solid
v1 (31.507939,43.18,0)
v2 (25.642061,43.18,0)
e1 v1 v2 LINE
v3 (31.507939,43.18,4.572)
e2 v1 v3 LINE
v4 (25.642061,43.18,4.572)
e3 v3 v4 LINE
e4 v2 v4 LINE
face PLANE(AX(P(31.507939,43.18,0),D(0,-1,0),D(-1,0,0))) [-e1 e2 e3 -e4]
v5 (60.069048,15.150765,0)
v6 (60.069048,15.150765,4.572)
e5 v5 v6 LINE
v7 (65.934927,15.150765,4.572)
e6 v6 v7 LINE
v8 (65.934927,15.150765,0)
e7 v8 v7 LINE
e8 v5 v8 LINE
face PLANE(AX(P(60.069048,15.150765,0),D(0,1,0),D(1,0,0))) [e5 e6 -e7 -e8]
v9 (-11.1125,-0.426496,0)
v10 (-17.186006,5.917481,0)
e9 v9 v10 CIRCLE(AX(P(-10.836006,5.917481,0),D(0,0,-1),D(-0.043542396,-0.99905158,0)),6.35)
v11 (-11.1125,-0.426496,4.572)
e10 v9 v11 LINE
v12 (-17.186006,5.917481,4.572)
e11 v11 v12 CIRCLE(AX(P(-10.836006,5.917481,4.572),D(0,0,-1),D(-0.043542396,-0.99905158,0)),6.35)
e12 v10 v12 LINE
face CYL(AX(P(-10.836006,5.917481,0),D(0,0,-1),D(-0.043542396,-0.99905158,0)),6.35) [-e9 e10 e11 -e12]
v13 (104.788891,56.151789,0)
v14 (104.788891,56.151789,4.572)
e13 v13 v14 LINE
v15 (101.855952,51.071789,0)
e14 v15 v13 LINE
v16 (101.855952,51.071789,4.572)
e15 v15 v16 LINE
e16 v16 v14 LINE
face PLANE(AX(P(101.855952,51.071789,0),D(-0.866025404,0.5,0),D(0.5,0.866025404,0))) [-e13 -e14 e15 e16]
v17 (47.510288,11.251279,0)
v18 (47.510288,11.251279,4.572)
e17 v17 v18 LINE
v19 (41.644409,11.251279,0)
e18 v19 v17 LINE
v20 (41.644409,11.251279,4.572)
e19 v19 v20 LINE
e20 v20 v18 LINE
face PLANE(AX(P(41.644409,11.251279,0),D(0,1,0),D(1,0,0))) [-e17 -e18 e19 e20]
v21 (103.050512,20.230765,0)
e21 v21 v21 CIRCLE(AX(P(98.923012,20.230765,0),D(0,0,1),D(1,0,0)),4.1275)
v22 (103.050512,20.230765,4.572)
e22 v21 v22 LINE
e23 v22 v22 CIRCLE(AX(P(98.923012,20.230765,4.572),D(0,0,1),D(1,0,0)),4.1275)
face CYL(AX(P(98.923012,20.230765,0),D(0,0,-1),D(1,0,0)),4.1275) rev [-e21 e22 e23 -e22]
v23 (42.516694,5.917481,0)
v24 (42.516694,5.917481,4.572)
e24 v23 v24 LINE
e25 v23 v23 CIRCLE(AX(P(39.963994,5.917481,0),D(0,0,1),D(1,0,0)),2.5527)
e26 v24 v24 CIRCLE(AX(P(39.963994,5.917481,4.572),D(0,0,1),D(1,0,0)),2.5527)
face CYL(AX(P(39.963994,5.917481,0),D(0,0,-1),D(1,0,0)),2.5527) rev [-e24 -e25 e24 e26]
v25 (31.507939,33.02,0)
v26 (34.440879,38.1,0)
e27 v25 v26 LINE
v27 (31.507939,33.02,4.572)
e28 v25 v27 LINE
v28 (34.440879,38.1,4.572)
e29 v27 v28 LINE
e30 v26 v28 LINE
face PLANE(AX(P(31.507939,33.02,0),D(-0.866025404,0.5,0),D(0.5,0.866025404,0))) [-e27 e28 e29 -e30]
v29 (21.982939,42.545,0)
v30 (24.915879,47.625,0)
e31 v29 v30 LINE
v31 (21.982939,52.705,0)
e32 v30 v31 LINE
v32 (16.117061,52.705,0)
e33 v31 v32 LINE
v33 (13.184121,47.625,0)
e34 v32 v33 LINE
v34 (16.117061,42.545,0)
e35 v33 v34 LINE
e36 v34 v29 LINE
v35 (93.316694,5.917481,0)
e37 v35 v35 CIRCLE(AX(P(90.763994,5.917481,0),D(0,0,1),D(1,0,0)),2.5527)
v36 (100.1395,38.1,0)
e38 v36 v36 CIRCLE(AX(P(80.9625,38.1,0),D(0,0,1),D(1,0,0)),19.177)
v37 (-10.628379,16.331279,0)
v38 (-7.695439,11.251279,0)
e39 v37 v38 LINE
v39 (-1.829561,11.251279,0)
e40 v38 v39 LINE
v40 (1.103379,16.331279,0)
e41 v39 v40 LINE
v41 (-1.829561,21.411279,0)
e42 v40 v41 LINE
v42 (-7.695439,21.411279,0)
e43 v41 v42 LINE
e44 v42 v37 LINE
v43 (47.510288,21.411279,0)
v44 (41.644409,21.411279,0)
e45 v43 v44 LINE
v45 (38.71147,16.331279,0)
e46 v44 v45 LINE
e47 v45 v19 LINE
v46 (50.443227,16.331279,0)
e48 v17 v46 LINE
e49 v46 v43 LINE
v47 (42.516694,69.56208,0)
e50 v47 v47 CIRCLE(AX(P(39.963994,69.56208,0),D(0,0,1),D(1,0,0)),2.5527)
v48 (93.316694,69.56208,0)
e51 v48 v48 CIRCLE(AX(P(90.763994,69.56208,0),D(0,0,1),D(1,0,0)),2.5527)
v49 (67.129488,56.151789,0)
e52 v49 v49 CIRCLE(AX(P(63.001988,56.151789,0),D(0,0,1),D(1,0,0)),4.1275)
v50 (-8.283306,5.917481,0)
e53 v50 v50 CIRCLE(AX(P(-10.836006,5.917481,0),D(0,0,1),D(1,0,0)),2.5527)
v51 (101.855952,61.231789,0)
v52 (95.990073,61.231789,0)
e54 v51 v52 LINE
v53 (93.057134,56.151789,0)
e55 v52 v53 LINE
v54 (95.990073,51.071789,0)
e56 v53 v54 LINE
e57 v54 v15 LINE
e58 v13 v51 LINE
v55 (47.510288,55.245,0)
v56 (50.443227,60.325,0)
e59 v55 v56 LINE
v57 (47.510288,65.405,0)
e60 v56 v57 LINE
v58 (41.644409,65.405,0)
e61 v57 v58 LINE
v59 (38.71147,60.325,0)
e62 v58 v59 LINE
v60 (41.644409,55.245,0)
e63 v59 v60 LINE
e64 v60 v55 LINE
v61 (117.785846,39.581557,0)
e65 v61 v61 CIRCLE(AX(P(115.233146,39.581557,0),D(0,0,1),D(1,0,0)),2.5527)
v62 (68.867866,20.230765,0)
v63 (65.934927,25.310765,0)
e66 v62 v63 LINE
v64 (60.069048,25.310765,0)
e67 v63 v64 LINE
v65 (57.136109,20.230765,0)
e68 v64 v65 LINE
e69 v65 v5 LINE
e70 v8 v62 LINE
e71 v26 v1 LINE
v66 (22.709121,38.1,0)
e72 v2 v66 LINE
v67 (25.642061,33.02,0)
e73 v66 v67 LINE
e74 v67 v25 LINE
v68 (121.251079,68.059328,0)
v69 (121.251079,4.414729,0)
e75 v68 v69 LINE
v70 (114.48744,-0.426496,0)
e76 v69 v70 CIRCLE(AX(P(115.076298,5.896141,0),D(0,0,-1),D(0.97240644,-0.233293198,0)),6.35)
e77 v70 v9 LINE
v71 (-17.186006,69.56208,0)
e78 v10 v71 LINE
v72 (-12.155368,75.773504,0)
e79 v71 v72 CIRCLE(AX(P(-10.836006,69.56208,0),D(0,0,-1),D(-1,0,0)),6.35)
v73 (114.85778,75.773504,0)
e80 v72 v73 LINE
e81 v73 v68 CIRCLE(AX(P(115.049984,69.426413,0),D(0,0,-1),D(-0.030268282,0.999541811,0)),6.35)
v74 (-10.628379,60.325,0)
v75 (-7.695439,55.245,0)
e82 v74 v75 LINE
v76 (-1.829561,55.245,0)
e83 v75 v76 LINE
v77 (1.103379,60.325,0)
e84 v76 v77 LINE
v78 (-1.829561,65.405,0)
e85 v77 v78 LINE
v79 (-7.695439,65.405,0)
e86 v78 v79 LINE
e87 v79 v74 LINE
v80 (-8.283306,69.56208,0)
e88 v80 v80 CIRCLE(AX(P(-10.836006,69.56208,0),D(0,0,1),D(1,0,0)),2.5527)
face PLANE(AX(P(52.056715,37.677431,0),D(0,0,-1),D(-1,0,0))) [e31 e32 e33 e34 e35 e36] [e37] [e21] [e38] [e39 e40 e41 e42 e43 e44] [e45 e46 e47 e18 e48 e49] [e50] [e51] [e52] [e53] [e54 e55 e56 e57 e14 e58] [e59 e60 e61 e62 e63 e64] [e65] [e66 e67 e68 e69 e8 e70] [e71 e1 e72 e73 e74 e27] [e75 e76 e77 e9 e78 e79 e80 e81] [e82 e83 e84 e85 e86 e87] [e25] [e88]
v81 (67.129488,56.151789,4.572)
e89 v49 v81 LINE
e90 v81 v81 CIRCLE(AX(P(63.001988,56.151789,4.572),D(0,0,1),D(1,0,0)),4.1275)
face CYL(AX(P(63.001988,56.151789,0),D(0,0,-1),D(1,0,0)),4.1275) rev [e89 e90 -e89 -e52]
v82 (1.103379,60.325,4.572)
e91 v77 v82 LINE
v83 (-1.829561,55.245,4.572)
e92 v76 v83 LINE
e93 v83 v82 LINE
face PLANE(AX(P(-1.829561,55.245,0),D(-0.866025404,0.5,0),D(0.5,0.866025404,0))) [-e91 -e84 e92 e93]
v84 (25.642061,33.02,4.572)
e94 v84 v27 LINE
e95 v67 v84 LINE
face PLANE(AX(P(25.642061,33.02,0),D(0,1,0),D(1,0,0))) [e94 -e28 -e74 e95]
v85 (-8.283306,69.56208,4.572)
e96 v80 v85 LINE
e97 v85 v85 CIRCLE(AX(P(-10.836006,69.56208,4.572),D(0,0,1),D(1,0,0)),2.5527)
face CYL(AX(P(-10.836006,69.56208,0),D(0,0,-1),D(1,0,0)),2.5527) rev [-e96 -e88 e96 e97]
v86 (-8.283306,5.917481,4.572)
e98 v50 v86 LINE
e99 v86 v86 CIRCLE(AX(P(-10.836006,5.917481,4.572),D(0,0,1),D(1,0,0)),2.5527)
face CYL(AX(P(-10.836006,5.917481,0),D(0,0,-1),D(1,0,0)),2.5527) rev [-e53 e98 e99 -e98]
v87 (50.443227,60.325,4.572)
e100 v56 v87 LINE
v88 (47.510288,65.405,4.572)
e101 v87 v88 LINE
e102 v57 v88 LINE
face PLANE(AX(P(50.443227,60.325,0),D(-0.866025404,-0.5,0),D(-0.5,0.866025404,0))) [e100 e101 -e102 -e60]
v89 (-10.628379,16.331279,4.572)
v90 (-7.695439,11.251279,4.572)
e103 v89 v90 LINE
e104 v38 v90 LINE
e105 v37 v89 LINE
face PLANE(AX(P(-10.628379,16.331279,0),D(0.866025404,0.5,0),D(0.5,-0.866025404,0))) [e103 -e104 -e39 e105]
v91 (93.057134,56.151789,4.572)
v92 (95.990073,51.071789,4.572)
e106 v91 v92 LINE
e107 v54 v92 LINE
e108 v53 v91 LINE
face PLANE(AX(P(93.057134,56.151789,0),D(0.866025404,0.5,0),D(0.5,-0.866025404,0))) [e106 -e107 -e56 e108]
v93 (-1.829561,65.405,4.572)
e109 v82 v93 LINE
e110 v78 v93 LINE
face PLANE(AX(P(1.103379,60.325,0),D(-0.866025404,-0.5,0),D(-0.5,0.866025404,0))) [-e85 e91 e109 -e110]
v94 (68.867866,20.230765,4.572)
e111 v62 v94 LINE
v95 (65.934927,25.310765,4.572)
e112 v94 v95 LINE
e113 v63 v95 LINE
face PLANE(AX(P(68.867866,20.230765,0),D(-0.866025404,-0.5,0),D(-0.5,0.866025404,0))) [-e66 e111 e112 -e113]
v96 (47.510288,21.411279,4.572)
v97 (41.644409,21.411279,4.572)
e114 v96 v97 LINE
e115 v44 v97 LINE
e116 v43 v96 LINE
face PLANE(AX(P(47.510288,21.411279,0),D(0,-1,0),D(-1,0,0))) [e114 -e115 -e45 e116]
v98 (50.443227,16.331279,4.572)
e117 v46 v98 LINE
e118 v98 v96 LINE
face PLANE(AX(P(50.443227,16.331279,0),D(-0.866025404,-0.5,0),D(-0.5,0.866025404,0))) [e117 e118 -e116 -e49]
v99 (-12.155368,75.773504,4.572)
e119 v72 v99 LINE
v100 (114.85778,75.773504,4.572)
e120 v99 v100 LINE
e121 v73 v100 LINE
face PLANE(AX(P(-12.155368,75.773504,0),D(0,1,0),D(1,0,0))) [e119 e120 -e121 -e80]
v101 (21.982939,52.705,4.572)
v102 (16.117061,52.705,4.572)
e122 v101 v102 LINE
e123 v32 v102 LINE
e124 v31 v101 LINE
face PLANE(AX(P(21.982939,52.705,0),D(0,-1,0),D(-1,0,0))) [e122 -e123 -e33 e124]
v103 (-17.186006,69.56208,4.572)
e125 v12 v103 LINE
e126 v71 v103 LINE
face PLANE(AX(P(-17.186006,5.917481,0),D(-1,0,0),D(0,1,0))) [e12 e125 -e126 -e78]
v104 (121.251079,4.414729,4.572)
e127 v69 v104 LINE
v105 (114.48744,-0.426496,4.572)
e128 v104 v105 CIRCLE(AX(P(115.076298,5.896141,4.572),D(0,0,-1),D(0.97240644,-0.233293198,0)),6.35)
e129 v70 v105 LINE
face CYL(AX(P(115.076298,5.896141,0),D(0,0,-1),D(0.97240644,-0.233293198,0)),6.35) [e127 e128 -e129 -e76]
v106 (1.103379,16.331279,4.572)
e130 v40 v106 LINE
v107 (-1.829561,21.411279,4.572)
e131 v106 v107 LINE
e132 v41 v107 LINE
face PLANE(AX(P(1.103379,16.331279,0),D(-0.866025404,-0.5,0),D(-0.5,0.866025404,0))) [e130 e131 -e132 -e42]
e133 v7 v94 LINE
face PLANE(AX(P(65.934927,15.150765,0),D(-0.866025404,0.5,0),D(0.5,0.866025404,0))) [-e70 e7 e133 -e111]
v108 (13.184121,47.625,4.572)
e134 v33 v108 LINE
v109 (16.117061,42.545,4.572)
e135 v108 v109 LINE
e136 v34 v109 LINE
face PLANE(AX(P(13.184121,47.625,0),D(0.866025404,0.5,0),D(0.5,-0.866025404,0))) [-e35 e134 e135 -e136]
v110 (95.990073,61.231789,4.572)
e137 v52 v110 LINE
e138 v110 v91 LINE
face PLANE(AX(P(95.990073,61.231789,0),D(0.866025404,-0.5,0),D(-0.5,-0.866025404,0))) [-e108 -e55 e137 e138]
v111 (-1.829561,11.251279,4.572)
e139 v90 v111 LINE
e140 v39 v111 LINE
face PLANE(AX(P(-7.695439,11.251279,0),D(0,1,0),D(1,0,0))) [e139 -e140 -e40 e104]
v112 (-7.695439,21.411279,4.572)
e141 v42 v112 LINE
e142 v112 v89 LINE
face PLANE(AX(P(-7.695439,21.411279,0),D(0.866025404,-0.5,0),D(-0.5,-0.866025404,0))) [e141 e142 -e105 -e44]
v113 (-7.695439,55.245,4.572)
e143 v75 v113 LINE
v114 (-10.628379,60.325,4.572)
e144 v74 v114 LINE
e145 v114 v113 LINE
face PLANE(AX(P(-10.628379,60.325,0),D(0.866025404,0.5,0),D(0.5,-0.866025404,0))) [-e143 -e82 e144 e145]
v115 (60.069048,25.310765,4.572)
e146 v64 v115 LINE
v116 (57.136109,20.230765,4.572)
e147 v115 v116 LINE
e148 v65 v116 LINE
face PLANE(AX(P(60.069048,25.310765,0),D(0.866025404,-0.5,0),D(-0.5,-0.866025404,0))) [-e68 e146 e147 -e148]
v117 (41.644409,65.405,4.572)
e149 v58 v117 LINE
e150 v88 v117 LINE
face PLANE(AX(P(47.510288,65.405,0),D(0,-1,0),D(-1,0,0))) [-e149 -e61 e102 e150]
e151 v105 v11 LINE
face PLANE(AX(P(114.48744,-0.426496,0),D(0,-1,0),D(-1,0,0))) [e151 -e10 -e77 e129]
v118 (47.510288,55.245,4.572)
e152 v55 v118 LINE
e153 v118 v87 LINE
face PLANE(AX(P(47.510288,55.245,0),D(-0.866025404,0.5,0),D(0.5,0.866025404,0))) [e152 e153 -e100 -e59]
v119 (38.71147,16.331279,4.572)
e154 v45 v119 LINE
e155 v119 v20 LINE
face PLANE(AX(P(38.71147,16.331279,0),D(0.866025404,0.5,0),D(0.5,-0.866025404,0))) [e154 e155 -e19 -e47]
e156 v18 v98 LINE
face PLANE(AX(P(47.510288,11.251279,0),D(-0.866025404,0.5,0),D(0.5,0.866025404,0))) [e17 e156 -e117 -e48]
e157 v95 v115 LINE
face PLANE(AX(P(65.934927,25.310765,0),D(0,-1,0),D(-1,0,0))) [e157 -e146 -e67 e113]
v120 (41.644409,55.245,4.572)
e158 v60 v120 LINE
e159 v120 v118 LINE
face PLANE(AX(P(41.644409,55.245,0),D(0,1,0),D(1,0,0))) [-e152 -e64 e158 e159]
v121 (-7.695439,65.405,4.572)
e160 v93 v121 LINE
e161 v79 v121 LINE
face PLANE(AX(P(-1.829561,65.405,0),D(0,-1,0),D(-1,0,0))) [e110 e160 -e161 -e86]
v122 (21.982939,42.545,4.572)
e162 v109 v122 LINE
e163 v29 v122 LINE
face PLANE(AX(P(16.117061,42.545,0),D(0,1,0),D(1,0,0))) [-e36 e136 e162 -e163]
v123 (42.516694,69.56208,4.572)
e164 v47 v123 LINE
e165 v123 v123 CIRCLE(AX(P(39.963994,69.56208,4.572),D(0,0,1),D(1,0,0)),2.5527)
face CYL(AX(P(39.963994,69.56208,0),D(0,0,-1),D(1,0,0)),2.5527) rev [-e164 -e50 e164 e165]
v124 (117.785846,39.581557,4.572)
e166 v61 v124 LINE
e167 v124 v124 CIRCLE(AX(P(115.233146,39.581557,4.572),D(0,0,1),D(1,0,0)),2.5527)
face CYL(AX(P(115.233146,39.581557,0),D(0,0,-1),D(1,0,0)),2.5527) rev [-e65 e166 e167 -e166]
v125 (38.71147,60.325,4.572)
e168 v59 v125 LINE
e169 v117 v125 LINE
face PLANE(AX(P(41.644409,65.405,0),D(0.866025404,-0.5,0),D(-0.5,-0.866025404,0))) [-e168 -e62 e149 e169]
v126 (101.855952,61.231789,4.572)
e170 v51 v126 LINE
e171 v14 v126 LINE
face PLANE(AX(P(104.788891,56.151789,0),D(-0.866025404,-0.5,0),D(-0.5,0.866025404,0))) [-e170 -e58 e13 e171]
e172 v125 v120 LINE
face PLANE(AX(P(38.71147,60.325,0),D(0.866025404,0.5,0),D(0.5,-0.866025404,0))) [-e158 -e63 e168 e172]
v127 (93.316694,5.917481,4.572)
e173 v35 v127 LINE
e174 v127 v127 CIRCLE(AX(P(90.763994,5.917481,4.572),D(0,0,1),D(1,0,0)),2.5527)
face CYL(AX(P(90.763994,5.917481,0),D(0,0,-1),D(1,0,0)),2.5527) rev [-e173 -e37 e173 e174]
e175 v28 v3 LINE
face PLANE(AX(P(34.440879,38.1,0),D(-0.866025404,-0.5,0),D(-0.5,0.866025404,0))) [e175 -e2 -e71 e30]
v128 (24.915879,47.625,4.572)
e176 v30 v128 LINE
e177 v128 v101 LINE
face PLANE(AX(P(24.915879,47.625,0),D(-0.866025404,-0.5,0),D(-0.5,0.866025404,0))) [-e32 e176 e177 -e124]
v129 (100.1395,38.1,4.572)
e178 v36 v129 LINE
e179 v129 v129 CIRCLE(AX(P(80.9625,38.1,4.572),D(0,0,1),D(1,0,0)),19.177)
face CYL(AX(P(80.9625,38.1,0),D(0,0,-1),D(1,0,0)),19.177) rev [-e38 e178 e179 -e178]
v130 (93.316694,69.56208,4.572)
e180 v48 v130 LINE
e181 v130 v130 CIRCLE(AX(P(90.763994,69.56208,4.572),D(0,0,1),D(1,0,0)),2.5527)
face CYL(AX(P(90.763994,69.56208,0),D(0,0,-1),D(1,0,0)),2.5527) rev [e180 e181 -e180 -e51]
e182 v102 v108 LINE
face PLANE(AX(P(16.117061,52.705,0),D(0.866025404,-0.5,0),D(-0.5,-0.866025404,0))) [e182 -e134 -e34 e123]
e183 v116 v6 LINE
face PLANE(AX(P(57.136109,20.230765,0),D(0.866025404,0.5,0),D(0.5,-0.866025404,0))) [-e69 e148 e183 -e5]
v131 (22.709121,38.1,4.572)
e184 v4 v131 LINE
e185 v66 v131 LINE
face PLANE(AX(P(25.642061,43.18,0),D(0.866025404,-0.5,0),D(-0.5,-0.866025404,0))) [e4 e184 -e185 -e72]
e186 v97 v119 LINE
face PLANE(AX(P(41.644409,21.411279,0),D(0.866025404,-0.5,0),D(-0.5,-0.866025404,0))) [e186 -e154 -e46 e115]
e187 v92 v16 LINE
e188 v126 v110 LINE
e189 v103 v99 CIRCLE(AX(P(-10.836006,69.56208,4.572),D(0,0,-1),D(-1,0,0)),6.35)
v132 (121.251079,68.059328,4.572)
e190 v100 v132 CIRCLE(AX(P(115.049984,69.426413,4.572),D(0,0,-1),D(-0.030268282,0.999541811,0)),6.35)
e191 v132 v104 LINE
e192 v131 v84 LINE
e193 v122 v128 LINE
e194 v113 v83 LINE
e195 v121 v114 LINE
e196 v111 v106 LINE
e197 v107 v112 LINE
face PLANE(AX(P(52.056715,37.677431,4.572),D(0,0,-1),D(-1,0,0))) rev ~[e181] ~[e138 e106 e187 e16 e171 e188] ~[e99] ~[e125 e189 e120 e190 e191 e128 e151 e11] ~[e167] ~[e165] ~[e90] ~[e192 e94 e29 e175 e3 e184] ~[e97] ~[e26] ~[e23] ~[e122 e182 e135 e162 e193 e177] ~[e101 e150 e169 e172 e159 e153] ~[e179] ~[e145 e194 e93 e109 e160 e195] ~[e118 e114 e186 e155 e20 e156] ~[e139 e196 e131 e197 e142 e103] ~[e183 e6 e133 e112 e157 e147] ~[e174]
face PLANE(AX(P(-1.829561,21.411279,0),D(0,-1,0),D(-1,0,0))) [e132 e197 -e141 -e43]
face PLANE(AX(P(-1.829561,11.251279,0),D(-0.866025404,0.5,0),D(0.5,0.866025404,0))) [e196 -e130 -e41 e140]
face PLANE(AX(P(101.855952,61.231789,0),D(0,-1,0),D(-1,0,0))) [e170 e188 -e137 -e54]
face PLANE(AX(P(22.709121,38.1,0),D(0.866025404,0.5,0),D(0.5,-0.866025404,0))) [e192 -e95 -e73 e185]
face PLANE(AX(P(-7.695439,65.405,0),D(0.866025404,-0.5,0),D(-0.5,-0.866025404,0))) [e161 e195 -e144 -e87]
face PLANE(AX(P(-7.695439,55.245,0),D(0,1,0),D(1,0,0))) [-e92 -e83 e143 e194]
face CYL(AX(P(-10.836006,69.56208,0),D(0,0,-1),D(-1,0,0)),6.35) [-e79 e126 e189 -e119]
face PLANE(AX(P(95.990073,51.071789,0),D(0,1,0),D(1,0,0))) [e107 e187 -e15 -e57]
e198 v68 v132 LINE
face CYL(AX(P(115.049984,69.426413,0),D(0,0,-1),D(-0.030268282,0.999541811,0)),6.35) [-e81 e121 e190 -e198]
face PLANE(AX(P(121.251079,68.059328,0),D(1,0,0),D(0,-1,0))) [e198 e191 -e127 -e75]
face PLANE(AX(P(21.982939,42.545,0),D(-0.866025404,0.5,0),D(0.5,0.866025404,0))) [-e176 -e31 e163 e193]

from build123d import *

# Parameters (mm, degrees)
SKETCH1_R           = 2.5527
SKETCH1_R_2         = 4.1275
SKETCH1_R_3         = 19.177
BOSS_EXTRUDE1_DEPTH = 4.572


with BuildPart() as part:
    # Sketch1 → Boss-Extrude1 (new body)
    with BuildSketch(Plane.XY):
        with BuildLine():
            Line((-17.186005785, 5.917481167), (-17.186005785, 69.562080021))
            ThreePointArc((-17.186005785, 69.562080021), (-15.770600509, 73.558612882), (-12.155368019, 75.773503633))
            Line((-12.155368019, 75.773503633), (114.857780393, 75.773503633))
            ThreePointArc((114.857780393, 75.773503633), (119.939137204, 73.478410267), (121.251078966, 68.059328295))
            Line((121.251078966, 68.059328295), (121.251078966, 4.414729441))
            ThreePointArc((121.251078966, 4.414729441), (118.772241914, 0.732566989), (114.487440215, -0.426496367))
            Line((114.487440215, -0.426496367), (-11.1125, -0.426496367))
            ThreePointArc((-11.1125, -0.426496367), (-15.422847741, 1.526196519), (-17.186005785, 5.917481167))
        make_face()
        with Locations((90.763994215, 5.917481167)):
            Circle(SKETCH1_R, mode=Mode.SUBTRACT)
        with Locations((90.763994215, 69.562080021)):
            Circle(SKETCH1_R, mode=Mode.SUBTRACT)
        with Locations((-10.836005785, 69.562080021)):
            Circle(SKETCH1_R, mode=Mode.SUBTRACT)
        with Locations((39.963994215, 69.562080021)):
            Circle(SKETCH1_R, mode=Mode.SUBTRACT)
        with Locations((-10.836005785, 5.917481167)):
            Circle(SKETCH1_R, mode=Mode.SUBTRACT)
        with Locations((39.963994215, 5.917481167)):
            Circle(SKETCH1_R, mode=Mode.SUBTRACT)
        with Locations((63.001987758, 56.151789166)):
            Circle(SKETCH1_R_2, mode=Mode.SUBTRACT)
        with Locations((115.233146458, 39.581556975)):
            Circle(SKETCH1_R, mode=Mode.SUBTRACT)
        with Locations((98.923012242, 20.230764682)):
            Circle(SKETCH1_R_2, mode=Mode.SUBTRACT)
        with Locations((80.9625, 38.1)):
            Circle(SKETCH1_R_3, mode=Mode.SUBTRACT)
        Polygon((1.103378735, 60.325), (-1.829560633, 65.405), (-7.695439367, 65.405), (-10.628378735, 60.325), (-7.695439367, 55.245), (-1.829560633, 55.245), align=None, mode=Mode.SUBTRACT)
        Polygon((50.443227049, 60.325), (47.510287682, 65.405), (41.644408947, 65.405), (38.71146958, 60.325), (41.644408947, 55.245), (47.510287682, 55.245), align=None, mode=Mode.SUBTRACT)
        Polygon((1.103378735, 16.331279268), (-1.829560633, 21.411279268), (-7.695439367, 21.411279268), (-10.628378735, 16.331279268), (-7.695439367, 11.251279268), (-1.829560633, 11.251279268), align=None, mode=Mode.SUBTRACT)
        Polygon((50.443227049, 16.331279268), (47.510287682, 21.411279268), (41.644408947, 21.411279268), (38.71146958, 16.331279268), (41.644408947, 11.251279268), (47.510287682, 11.251279268), align=None, mode=Mode.SUBTRACT)
        Polygon((68.867866493, 20.230764682), (65.934927125, 25.310764682), (60.06904839, 25.310764682), (57.136109023, 20.230764682), (60.06904839, 15.150764682), (65.934927125, 15.150764682), align=None, mode=Mode.SUBTRACT)
        Polygon((104.788890977, 56.151789166), (101.85595161, 61.231789166), (95.990072875, 61.231789166), (93.057133507, 56.151789166), (95.990072875, 51.071789166), (101.85595161, 51.071789166), align=None, mode=Mode.SUBTRACT)
        Polygon((24.915878735, 47.625), (21.982939367, 52.705), (16.117060633, 52.705), (13.184121265, 47.625), (16.117060633, 42.545), (21.982939367, 42.545), align=None, mode=Mode.SUBTRACT)
        Polygon((34.440878735, 38.1), (31.507939367, 43.18), (25.642060633, 43.18), (22.709121265, 38.1), (25.642060633, 33.02), (31.507939367, 33.02), align=None, mode=Mode.SUBTRACT)
    extrude(amount=BOSS_EXTRUDE1_DEPTH)


solid = part.part
